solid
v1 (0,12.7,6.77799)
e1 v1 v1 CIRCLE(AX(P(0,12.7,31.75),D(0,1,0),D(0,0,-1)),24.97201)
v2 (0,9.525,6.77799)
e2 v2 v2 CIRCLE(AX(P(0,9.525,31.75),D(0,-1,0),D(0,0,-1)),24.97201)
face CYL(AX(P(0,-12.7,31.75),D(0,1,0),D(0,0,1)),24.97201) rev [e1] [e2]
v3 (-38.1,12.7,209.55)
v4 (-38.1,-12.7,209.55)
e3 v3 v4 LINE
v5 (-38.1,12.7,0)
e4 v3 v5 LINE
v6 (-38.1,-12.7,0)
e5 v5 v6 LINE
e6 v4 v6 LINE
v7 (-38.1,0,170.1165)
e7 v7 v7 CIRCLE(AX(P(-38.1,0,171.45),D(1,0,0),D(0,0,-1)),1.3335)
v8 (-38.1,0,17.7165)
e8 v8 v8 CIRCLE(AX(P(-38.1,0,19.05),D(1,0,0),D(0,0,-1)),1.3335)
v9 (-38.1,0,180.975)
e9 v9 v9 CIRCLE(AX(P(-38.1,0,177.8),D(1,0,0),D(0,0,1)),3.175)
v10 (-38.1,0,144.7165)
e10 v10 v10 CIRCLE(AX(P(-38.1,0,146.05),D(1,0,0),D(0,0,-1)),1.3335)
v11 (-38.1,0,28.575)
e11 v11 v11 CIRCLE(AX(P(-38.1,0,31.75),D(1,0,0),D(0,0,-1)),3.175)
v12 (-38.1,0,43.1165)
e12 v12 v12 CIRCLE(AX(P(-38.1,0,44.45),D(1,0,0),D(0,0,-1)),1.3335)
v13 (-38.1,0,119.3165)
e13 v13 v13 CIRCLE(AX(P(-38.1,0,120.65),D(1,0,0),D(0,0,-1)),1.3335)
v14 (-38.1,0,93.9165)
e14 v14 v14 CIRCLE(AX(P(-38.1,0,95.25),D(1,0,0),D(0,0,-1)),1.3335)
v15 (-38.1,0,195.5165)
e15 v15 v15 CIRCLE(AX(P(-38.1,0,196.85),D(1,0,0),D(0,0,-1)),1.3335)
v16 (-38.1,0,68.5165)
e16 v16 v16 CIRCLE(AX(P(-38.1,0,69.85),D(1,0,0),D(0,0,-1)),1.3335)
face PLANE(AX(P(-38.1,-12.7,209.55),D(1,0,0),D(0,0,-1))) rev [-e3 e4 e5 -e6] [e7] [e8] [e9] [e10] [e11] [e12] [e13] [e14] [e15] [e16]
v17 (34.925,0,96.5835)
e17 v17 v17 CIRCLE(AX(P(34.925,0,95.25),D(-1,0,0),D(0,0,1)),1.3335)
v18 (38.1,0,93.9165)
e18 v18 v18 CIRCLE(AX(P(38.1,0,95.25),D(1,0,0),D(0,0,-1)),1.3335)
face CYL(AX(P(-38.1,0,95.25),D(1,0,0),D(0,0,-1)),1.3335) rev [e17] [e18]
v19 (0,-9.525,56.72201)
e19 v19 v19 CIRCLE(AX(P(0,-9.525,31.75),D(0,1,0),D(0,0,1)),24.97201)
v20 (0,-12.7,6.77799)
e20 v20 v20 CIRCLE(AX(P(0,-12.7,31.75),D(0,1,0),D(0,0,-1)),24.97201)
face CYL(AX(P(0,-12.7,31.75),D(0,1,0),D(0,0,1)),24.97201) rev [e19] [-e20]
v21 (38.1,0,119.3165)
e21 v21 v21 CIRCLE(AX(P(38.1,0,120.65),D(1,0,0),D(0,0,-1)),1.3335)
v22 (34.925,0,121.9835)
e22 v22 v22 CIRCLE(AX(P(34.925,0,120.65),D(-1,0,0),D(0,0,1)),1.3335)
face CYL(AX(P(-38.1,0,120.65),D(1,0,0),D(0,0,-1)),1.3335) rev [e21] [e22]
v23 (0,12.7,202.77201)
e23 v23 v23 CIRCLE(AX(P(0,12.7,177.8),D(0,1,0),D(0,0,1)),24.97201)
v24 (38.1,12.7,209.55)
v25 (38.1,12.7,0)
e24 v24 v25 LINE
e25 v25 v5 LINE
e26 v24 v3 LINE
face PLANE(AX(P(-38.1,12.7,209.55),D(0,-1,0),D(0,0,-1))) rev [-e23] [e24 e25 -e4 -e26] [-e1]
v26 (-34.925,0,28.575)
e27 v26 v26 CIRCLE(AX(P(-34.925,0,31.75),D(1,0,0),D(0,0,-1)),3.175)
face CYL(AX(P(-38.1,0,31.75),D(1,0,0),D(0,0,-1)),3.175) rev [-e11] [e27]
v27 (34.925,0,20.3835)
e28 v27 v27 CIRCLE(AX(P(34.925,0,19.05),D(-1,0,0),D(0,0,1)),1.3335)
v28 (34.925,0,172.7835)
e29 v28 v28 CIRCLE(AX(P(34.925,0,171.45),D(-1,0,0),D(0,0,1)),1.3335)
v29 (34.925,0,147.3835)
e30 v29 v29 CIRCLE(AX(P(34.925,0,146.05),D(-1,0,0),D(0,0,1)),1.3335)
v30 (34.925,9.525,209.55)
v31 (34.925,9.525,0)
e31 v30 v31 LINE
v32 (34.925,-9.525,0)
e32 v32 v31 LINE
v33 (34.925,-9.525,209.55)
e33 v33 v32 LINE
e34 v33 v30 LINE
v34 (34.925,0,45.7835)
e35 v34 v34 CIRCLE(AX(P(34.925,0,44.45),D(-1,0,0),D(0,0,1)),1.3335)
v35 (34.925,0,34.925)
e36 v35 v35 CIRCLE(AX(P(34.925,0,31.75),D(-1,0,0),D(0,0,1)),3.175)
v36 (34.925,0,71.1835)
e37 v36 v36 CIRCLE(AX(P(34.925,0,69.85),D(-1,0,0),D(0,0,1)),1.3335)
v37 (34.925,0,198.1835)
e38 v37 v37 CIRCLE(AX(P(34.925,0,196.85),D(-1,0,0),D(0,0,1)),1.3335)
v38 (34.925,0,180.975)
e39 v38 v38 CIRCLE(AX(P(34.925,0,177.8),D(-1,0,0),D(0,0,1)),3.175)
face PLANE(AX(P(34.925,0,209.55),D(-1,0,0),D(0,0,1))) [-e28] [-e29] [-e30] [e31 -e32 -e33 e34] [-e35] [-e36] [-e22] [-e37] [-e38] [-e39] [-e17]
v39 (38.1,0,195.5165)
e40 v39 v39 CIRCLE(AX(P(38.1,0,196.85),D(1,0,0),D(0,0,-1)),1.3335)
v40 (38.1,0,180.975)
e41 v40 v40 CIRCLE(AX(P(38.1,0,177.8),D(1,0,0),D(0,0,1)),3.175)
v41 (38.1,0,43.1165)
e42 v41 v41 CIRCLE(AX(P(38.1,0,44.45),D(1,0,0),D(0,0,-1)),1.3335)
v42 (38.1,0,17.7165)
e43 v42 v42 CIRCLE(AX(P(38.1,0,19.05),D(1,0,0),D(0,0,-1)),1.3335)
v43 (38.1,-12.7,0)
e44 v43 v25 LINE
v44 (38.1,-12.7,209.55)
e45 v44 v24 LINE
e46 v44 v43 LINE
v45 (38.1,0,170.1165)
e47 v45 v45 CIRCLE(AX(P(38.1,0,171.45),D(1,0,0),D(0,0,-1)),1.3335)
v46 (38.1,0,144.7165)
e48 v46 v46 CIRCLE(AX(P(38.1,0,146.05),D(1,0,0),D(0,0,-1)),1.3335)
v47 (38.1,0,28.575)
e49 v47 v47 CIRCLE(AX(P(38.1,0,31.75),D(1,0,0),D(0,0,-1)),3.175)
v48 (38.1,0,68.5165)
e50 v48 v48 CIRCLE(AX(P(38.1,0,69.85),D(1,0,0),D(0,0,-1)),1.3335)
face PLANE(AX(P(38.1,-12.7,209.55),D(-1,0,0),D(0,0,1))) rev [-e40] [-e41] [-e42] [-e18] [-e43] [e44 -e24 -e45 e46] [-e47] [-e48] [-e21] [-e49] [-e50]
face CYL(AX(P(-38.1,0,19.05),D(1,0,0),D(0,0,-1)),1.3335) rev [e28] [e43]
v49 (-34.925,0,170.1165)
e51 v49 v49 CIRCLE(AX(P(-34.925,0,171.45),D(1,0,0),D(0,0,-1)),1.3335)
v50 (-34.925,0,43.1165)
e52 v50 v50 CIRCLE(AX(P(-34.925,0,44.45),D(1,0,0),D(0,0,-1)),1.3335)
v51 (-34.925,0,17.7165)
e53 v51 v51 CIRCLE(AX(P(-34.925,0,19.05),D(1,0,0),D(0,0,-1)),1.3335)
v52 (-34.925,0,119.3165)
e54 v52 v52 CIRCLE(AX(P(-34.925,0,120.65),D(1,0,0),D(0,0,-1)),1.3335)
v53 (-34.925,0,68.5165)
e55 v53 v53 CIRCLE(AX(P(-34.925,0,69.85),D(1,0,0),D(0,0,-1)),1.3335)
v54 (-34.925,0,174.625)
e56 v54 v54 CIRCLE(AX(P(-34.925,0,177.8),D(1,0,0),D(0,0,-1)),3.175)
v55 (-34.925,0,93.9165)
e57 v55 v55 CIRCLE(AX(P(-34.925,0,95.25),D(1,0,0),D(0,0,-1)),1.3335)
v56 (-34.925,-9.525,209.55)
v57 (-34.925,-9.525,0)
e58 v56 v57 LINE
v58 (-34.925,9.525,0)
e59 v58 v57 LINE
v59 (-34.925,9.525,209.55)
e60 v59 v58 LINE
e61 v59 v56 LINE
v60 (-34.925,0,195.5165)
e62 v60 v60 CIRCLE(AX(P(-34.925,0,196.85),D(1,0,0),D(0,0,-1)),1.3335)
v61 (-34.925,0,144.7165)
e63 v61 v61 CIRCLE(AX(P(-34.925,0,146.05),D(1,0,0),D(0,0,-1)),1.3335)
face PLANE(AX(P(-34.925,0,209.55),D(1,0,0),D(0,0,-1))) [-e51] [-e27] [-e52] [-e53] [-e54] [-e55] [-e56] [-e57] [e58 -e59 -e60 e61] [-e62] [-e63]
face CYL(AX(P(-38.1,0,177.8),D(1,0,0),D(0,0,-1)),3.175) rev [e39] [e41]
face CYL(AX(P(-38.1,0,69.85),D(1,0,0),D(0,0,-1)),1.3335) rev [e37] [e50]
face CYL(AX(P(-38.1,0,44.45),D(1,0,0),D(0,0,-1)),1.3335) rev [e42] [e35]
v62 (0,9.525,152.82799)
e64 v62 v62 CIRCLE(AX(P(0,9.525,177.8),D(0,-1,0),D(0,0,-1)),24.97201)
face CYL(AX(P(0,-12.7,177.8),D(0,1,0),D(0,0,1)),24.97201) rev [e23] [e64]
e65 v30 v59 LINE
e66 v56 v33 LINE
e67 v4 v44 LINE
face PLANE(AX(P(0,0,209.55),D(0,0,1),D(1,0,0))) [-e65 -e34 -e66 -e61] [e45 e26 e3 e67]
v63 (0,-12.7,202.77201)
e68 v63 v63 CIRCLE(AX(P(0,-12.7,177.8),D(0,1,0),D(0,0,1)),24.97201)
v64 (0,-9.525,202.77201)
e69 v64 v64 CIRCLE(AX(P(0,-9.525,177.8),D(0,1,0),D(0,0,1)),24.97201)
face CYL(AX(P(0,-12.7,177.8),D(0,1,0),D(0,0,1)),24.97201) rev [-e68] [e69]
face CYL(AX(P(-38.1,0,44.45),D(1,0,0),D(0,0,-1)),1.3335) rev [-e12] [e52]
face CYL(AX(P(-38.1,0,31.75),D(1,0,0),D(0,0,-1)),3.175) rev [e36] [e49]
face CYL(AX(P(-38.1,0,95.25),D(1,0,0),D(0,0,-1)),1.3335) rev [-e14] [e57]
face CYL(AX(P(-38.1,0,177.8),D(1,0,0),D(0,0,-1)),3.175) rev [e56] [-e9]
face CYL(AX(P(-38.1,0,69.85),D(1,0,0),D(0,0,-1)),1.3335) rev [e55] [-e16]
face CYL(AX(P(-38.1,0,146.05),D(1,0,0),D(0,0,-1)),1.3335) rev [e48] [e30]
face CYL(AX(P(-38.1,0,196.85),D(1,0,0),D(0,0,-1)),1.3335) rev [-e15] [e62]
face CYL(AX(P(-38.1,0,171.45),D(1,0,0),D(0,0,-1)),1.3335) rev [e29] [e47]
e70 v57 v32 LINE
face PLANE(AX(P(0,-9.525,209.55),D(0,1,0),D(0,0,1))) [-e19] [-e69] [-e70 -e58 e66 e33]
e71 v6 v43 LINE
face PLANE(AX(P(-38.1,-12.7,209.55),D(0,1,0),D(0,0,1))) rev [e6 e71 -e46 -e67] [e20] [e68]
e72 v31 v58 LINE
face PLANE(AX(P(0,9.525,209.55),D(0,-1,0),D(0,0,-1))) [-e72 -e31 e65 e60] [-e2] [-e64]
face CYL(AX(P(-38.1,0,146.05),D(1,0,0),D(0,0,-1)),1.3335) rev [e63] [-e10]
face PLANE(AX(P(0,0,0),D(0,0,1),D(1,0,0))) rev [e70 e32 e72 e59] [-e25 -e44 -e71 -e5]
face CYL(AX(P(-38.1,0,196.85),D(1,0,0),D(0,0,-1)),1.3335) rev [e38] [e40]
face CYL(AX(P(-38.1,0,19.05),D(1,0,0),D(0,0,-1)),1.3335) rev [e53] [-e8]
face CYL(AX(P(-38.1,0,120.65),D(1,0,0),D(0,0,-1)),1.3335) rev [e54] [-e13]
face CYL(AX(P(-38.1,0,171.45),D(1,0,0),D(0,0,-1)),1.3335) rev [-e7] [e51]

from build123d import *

# Parameters (mm, degrees)
SKETCH2_W           = 76.2
SKETCH2_H           = 25.4
SKETCH2_W_2         = 69.85
SKETCH2_H_2         = 19.05
EXTRUDE_THIN1_DEPTH = 209.55
SKETCH3_R           = 24.97201
CUT_EXTRUDE1_DEPTH  = 26.4
SKETCH4_R           = 1.3335
CUT_EXTRUDE2_DEPTH  = 77.2
LPATTERN1_COUNT     = 9
LPATTERN1_PITCH     = 25.4
SKETCH5_R           = 3.175
CUT_EXTRUDE3_DEPTH  = 77.2


with BuildPart() as part:
    # Sketch2 → Extrude-Thin1 (new body)
    with BuildSketch(Plane.XY):
        Rectangle(SKETCH2_W, SKETCH2_H)
        Rectangle(SKETCH2_W_2, SKETCH2_H_2, mode=Mode.SUBTRACT)
    extrude(amount=EXTRUDE_THIN1_DEPTH)

    # Sketch3 → Cut-Extrude1 (cut, through all)
    with BuildSketch(Plane(origin=(0, 12.7, 0), x_dir=(1, 0, 0), z_dir=(0, 1, 0))):
        with Locations((0, -177.8)):
            Circle(SKETCH3_R)
        with Locations((0, -31.75)):
            Circle(SKETCH3_R)
    extrude(amount=-CUT_EXTRUDE1_DEPTH, mode=Mode.SUBTRACT)

    # Sketch4 → Cut-Extrude2 (cut, through all)
    with BuildSketch(Plane(origin=(38.1, 0, 0), x_dir=(0, 0, -1), z_dir=(1, 0, 0))):
        with Locations((-196.85, 0)):
            Circle(SKETCH4_R)
    cut_extrude2 = extrude(amount=-CUT_EXTRUDE2_DEPTH, mode=Mode.SUBTRACT)

    # LPattern1: Cut-Extrude2 ×9
    with Locations(*[(0, 0, -i * LPATTERN1_PITCH) for i in range(1, LPATTERN1_COUNT)]):
        add(cut_extrude2, mode=Mode.SUBTRACT)

    # Sketch5 → Cut-Extrude3 (cut, through all)
    with BuildSketch(Plane(origin=(38.1, 0, 0), x_dir=(0, 0, -1), z_dir=(1, 0, 0))):
        with Locations((-31.75, 0)):
            Circle(SKETCH5_R)
        with Locations((-177.8, 0)):
            Circle(SKETCH5_R)
    extrude(amount=-CUT_EXTRUDE3_DEPTH, mode=Mode.SUBTRACT)


solid = part.part
